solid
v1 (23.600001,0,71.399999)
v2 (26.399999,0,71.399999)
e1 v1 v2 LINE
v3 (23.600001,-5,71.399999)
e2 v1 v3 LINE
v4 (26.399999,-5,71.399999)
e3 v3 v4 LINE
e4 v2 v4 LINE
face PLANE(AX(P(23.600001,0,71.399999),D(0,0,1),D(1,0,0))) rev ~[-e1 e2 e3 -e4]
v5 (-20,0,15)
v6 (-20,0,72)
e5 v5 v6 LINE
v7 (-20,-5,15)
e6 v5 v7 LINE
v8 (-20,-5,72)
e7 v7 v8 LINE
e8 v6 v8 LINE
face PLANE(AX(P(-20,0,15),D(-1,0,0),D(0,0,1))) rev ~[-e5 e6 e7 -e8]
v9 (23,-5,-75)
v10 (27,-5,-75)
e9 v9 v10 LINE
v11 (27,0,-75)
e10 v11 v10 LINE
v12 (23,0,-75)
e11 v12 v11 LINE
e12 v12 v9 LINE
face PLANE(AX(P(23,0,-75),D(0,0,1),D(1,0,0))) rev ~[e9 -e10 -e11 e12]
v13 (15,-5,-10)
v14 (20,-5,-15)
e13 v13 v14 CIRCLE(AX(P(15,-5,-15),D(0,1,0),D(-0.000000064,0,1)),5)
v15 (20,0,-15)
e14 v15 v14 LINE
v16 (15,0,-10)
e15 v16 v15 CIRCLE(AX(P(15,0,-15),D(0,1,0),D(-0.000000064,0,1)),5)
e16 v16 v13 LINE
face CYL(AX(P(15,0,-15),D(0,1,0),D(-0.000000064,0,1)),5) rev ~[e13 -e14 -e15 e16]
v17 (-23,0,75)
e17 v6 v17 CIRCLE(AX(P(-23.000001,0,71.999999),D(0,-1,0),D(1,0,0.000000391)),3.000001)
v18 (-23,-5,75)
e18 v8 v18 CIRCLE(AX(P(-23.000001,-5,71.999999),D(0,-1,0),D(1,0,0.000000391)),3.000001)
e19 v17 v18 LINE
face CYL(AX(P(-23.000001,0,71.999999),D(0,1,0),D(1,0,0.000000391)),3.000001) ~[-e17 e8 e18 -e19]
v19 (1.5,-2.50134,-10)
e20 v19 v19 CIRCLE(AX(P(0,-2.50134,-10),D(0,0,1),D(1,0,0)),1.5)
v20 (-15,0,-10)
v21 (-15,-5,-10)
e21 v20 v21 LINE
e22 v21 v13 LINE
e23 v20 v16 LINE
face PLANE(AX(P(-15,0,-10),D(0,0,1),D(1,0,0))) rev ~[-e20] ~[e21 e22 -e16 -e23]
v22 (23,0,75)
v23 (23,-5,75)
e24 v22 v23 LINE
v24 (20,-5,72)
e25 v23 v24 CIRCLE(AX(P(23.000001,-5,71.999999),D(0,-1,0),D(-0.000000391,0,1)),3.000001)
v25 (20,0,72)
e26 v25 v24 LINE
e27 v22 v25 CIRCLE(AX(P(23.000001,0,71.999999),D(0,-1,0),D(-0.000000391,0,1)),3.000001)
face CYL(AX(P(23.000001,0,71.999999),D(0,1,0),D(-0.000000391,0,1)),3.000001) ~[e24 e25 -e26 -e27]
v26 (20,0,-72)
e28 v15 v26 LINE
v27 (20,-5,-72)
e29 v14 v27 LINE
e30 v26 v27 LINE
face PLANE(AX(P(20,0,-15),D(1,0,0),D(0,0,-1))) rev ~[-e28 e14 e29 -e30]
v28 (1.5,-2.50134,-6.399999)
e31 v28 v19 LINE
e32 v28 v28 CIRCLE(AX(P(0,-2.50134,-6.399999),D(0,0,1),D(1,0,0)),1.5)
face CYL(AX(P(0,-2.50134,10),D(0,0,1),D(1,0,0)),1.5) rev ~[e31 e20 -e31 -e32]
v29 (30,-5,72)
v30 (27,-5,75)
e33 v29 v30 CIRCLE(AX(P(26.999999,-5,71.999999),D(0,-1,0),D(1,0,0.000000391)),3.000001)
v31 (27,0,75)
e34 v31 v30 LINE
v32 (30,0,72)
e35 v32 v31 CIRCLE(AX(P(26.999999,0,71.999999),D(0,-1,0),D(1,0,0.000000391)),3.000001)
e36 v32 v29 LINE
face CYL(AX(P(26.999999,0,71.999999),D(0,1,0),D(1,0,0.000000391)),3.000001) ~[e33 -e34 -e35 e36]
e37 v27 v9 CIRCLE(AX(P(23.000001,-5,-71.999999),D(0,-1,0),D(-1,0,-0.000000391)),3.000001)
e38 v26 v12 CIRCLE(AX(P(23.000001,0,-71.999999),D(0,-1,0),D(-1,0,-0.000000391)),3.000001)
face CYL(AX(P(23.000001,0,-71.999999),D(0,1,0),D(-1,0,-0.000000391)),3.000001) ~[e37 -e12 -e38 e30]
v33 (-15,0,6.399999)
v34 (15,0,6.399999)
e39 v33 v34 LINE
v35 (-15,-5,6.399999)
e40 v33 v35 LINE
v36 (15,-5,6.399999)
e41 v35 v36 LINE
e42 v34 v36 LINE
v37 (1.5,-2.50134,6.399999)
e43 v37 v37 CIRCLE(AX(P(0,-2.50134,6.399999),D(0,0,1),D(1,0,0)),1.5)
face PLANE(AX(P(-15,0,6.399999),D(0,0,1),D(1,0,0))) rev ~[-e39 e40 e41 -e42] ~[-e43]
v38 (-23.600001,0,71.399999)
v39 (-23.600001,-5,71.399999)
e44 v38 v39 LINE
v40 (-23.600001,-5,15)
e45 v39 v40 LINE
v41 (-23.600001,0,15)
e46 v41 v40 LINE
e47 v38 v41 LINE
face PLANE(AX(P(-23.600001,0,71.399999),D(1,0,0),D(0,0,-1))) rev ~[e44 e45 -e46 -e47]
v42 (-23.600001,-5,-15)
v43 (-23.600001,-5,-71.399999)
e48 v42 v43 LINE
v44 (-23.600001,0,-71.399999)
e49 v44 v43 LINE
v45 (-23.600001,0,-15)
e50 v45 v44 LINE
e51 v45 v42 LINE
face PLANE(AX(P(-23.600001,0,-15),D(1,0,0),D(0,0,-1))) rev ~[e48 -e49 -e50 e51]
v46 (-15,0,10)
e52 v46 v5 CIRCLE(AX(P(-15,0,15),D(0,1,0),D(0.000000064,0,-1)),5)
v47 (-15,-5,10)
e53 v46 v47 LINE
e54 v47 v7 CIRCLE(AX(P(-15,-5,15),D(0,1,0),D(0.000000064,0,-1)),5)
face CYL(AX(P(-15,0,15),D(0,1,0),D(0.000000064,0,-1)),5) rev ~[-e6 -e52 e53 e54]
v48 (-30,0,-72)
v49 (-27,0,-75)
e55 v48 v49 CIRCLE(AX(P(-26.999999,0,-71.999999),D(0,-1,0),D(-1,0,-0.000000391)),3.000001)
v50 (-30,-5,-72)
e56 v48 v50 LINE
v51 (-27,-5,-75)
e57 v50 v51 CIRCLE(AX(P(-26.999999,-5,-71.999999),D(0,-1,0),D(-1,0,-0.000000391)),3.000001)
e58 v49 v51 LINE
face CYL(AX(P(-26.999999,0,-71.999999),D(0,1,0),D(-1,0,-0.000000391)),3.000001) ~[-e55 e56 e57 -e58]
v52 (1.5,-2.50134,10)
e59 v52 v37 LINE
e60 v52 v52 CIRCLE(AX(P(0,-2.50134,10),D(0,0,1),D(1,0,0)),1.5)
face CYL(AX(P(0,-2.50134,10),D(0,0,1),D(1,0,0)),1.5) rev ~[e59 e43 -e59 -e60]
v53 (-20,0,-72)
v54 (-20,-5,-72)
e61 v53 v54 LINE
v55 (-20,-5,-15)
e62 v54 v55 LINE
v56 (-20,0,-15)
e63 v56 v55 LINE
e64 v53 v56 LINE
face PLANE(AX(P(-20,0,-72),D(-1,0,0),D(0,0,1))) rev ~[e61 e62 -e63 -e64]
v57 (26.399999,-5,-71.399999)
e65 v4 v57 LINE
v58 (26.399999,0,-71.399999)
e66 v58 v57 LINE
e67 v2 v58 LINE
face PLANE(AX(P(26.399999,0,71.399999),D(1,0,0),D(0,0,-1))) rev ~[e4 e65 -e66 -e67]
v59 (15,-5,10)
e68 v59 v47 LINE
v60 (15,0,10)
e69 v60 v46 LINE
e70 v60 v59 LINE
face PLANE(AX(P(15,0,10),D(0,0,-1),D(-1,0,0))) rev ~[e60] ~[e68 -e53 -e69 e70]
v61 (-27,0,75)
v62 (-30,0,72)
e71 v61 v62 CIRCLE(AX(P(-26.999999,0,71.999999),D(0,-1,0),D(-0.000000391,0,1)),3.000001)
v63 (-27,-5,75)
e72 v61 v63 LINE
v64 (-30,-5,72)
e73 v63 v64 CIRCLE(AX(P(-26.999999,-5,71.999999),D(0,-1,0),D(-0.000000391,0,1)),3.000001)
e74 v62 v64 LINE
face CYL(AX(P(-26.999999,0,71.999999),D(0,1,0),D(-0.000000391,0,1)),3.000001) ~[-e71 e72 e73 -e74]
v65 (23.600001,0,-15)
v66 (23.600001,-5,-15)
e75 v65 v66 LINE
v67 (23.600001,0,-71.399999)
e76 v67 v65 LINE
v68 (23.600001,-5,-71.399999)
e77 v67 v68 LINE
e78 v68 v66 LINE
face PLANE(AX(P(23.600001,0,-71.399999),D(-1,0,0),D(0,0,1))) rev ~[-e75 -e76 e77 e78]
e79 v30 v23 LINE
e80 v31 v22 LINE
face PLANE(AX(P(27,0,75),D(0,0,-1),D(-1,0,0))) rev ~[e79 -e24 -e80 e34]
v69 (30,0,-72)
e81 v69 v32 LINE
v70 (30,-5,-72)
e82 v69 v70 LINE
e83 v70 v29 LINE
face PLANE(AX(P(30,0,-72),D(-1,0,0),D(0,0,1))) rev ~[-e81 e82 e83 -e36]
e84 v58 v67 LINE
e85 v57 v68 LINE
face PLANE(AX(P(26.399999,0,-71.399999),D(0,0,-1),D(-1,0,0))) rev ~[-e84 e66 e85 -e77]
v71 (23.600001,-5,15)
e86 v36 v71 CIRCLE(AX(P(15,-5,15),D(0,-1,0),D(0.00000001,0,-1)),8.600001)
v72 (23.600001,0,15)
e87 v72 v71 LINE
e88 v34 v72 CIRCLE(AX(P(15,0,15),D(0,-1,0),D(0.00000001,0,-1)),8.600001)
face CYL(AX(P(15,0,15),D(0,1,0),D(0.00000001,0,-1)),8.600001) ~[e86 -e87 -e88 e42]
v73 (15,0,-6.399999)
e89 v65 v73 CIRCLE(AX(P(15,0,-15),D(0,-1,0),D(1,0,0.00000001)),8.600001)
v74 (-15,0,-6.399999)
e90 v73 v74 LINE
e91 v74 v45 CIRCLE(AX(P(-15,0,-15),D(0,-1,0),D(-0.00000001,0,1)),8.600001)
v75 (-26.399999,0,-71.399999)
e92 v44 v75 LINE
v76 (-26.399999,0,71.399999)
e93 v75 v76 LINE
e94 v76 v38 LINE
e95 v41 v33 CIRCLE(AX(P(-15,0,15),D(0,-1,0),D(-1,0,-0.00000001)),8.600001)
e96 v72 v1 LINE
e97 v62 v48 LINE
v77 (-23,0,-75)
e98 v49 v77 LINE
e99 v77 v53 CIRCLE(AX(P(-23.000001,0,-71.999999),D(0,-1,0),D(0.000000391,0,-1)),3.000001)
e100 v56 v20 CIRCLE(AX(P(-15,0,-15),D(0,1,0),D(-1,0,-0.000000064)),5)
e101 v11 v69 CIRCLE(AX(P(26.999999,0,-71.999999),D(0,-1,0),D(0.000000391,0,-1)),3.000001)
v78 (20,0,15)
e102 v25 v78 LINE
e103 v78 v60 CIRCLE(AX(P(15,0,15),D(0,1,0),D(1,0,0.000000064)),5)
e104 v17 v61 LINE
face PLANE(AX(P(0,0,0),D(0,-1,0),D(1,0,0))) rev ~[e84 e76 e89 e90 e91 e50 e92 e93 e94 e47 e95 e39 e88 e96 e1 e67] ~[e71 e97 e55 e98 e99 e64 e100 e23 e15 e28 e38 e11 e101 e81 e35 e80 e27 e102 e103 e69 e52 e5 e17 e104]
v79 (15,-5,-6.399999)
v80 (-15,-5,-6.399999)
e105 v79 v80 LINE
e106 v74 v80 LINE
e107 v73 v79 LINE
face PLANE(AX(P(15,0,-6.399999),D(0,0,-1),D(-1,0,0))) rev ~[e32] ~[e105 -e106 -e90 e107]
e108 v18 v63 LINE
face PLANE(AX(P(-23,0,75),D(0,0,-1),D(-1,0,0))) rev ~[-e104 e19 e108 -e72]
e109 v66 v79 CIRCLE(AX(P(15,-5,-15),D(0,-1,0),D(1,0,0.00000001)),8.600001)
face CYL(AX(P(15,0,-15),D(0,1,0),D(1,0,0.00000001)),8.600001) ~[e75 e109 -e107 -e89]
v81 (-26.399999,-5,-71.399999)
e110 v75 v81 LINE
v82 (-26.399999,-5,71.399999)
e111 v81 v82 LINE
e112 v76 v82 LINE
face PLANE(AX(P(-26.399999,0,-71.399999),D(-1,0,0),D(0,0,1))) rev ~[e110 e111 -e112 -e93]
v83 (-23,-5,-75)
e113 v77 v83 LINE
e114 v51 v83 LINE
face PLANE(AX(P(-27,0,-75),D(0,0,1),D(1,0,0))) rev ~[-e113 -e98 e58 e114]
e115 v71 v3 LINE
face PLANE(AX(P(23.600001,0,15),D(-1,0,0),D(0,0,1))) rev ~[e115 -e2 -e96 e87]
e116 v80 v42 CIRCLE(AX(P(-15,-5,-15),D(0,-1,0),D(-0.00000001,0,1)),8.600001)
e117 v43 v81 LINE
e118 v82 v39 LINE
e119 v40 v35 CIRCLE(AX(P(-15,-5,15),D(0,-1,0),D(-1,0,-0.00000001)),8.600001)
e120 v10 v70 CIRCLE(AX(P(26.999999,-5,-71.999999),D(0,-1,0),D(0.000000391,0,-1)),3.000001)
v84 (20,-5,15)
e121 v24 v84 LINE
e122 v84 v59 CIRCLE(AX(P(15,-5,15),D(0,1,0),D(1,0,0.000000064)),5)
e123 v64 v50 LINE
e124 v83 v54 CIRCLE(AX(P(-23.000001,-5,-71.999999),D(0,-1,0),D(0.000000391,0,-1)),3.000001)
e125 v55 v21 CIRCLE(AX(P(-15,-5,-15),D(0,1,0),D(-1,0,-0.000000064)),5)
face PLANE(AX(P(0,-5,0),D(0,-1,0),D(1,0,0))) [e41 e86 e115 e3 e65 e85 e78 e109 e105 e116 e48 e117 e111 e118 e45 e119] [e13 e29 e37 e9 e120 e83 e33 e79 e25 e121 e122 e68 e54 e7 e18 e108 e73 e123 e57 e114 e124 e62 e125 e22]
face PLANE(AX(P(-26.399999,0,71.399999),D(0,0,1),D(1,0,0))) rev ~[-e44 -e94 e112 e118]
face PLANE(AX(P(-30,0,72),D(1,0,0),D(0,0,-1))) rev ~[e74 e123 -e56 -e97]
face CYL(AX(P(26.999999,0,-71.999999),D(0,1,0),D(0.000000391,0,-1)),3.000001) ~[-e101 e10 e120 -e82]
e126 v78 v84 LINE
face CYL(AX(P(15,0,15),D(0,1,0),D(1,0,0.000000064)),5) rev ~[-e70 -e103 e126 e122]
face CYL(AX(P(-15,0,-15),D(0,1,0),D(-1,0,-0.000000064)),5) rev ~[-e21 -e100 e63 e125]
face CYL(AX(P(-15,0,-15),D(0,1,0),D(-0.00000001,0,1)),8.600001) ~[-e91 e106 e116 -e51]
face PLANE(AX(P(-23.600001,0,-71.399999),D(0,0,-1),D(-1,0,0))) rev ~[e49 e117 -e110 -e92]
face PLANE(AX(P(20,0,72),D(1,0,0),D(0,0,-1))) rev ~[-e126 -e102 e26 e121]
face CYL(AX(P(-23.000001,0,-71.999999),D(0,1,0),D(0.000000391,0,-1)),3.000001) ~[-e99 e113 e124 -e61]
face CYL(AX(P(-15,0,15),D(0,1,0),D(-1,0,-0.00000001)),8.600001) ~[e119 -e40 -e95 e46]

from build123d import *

# Parameters (mm, degrees)
F1_DEPTH = 5
F2_R     = 1.5
F3_DEPTH = 25


with BuildPart() as f1:
    # F0 (on Front) → F1 (new body)
    with BuildSketch(Plane.XZ):
        with BuildLine():
            Line((-23, 75), (-27, 75))
            ThreePointArc((-27, 75), (-29.12132, 74.12132), (-30, 72))
            Line((-30, 72), (-30, -72))
            ThreePointArc((-30, -72), (-29.12132, -74.12132), (-27, -75))
            Line((-27, -75), (-23, -75))
            ThreePointArc((-23, -75), (-20.87868, -74.12132), (-20, -72))
            Line((-20, -72), (-20, -15))
            ThreePointArc((-20, -15), (-18.535534, -11.464466), (-15, -10))
            Line((-15, -10), (15, -10))
            ThreePointArc((15, -10), (18.535534, -11.464466), (20, -15))
            Line((20, -15), (20, -72))
            ThreePointArc((20, -72), (20.87868, -74.12132), (23, -75))
            Line((23, -75), (27, -75))
            ThreePointArc((27, -75), (29.12132, -74.12132), (30, -72))
            Line((30, -72), (30, 72))
            ThreePointArc((30, 72), (29.12132, 74.12132), (27, 75))
            Line((27, 75), (23, 75))
            ThreePointArc((23, 75), (20.87868, 74.12132), (20, 72))
            Line((20, 72), (20, 15))
            ThreePointArc((20, 15), (18.535534, 11.464466), (15, 10))
            Line((15, 10), (-15, 10))
            ThreePointArc((-15, 10), (-18.535534, 11.464466), (-20, 15))
            Line((-20, 15), (-20, 72))
            ThreePointArc((-20, 72), (-20.87868, 74.12132), (-23, 75))
        make_face()
        with BuildLine():
            Line((-23.600001, -71.399999), (-26.399999, -71.399999))
            Line((-26.399999, -71.399999), (-26.399999, 71.399999))
            Line((-26.399999, 71.399999), (-23.600001, 71.399999))
            Line((-23.600001, 71.399999), (-23.600001, 15))
            ThreePointArc((-23.600001, 15), (-21.081119, 8.918881), (-15, 6.399999))
            Line((-15, 6.399999), (15, 6.399999))
            ThreePointArc((15, 6.399999), (21.081119, 8.918881), (23.600001, 15))
            Line((23.600001, 15), (23.600001, 71.399999))
            Line((23.600001, 71.399999), (26.399999, 71.399999))
            Line((26.399999, 71.399999), (26.399999, -71.399999))
            Line((26.399999, -71.399999), (23.600001, -71.399999))
            Line((23.600001, -71.399999), (23.600001, -15))
            ThreePointArc((23.600001, -15), (21.081119, -8.918881), (15, -6.399999))
            Line((15, -6.399999), (-15, -6.399999))
            ThreePointArc((-15, -6.399999), (-21.081119, -8.918881), (-23.600001, -15))
            Line((-23.600001, -15), (-23.600001, -71.399999))
        make_face(mode=Mode.SUBTRACT)
    extrude(amount=F1_DEPTH)

    # F2 (on face) → F3 (cut)
    with BuildSketch(Plane.XY.offset(10)):
        with Locations((0, -2.50134)):
            Circle(F2_R)
    extrude(amount=-F3_DEPTH, mode=Mode.SUBTRACT)


solid = f1.part
